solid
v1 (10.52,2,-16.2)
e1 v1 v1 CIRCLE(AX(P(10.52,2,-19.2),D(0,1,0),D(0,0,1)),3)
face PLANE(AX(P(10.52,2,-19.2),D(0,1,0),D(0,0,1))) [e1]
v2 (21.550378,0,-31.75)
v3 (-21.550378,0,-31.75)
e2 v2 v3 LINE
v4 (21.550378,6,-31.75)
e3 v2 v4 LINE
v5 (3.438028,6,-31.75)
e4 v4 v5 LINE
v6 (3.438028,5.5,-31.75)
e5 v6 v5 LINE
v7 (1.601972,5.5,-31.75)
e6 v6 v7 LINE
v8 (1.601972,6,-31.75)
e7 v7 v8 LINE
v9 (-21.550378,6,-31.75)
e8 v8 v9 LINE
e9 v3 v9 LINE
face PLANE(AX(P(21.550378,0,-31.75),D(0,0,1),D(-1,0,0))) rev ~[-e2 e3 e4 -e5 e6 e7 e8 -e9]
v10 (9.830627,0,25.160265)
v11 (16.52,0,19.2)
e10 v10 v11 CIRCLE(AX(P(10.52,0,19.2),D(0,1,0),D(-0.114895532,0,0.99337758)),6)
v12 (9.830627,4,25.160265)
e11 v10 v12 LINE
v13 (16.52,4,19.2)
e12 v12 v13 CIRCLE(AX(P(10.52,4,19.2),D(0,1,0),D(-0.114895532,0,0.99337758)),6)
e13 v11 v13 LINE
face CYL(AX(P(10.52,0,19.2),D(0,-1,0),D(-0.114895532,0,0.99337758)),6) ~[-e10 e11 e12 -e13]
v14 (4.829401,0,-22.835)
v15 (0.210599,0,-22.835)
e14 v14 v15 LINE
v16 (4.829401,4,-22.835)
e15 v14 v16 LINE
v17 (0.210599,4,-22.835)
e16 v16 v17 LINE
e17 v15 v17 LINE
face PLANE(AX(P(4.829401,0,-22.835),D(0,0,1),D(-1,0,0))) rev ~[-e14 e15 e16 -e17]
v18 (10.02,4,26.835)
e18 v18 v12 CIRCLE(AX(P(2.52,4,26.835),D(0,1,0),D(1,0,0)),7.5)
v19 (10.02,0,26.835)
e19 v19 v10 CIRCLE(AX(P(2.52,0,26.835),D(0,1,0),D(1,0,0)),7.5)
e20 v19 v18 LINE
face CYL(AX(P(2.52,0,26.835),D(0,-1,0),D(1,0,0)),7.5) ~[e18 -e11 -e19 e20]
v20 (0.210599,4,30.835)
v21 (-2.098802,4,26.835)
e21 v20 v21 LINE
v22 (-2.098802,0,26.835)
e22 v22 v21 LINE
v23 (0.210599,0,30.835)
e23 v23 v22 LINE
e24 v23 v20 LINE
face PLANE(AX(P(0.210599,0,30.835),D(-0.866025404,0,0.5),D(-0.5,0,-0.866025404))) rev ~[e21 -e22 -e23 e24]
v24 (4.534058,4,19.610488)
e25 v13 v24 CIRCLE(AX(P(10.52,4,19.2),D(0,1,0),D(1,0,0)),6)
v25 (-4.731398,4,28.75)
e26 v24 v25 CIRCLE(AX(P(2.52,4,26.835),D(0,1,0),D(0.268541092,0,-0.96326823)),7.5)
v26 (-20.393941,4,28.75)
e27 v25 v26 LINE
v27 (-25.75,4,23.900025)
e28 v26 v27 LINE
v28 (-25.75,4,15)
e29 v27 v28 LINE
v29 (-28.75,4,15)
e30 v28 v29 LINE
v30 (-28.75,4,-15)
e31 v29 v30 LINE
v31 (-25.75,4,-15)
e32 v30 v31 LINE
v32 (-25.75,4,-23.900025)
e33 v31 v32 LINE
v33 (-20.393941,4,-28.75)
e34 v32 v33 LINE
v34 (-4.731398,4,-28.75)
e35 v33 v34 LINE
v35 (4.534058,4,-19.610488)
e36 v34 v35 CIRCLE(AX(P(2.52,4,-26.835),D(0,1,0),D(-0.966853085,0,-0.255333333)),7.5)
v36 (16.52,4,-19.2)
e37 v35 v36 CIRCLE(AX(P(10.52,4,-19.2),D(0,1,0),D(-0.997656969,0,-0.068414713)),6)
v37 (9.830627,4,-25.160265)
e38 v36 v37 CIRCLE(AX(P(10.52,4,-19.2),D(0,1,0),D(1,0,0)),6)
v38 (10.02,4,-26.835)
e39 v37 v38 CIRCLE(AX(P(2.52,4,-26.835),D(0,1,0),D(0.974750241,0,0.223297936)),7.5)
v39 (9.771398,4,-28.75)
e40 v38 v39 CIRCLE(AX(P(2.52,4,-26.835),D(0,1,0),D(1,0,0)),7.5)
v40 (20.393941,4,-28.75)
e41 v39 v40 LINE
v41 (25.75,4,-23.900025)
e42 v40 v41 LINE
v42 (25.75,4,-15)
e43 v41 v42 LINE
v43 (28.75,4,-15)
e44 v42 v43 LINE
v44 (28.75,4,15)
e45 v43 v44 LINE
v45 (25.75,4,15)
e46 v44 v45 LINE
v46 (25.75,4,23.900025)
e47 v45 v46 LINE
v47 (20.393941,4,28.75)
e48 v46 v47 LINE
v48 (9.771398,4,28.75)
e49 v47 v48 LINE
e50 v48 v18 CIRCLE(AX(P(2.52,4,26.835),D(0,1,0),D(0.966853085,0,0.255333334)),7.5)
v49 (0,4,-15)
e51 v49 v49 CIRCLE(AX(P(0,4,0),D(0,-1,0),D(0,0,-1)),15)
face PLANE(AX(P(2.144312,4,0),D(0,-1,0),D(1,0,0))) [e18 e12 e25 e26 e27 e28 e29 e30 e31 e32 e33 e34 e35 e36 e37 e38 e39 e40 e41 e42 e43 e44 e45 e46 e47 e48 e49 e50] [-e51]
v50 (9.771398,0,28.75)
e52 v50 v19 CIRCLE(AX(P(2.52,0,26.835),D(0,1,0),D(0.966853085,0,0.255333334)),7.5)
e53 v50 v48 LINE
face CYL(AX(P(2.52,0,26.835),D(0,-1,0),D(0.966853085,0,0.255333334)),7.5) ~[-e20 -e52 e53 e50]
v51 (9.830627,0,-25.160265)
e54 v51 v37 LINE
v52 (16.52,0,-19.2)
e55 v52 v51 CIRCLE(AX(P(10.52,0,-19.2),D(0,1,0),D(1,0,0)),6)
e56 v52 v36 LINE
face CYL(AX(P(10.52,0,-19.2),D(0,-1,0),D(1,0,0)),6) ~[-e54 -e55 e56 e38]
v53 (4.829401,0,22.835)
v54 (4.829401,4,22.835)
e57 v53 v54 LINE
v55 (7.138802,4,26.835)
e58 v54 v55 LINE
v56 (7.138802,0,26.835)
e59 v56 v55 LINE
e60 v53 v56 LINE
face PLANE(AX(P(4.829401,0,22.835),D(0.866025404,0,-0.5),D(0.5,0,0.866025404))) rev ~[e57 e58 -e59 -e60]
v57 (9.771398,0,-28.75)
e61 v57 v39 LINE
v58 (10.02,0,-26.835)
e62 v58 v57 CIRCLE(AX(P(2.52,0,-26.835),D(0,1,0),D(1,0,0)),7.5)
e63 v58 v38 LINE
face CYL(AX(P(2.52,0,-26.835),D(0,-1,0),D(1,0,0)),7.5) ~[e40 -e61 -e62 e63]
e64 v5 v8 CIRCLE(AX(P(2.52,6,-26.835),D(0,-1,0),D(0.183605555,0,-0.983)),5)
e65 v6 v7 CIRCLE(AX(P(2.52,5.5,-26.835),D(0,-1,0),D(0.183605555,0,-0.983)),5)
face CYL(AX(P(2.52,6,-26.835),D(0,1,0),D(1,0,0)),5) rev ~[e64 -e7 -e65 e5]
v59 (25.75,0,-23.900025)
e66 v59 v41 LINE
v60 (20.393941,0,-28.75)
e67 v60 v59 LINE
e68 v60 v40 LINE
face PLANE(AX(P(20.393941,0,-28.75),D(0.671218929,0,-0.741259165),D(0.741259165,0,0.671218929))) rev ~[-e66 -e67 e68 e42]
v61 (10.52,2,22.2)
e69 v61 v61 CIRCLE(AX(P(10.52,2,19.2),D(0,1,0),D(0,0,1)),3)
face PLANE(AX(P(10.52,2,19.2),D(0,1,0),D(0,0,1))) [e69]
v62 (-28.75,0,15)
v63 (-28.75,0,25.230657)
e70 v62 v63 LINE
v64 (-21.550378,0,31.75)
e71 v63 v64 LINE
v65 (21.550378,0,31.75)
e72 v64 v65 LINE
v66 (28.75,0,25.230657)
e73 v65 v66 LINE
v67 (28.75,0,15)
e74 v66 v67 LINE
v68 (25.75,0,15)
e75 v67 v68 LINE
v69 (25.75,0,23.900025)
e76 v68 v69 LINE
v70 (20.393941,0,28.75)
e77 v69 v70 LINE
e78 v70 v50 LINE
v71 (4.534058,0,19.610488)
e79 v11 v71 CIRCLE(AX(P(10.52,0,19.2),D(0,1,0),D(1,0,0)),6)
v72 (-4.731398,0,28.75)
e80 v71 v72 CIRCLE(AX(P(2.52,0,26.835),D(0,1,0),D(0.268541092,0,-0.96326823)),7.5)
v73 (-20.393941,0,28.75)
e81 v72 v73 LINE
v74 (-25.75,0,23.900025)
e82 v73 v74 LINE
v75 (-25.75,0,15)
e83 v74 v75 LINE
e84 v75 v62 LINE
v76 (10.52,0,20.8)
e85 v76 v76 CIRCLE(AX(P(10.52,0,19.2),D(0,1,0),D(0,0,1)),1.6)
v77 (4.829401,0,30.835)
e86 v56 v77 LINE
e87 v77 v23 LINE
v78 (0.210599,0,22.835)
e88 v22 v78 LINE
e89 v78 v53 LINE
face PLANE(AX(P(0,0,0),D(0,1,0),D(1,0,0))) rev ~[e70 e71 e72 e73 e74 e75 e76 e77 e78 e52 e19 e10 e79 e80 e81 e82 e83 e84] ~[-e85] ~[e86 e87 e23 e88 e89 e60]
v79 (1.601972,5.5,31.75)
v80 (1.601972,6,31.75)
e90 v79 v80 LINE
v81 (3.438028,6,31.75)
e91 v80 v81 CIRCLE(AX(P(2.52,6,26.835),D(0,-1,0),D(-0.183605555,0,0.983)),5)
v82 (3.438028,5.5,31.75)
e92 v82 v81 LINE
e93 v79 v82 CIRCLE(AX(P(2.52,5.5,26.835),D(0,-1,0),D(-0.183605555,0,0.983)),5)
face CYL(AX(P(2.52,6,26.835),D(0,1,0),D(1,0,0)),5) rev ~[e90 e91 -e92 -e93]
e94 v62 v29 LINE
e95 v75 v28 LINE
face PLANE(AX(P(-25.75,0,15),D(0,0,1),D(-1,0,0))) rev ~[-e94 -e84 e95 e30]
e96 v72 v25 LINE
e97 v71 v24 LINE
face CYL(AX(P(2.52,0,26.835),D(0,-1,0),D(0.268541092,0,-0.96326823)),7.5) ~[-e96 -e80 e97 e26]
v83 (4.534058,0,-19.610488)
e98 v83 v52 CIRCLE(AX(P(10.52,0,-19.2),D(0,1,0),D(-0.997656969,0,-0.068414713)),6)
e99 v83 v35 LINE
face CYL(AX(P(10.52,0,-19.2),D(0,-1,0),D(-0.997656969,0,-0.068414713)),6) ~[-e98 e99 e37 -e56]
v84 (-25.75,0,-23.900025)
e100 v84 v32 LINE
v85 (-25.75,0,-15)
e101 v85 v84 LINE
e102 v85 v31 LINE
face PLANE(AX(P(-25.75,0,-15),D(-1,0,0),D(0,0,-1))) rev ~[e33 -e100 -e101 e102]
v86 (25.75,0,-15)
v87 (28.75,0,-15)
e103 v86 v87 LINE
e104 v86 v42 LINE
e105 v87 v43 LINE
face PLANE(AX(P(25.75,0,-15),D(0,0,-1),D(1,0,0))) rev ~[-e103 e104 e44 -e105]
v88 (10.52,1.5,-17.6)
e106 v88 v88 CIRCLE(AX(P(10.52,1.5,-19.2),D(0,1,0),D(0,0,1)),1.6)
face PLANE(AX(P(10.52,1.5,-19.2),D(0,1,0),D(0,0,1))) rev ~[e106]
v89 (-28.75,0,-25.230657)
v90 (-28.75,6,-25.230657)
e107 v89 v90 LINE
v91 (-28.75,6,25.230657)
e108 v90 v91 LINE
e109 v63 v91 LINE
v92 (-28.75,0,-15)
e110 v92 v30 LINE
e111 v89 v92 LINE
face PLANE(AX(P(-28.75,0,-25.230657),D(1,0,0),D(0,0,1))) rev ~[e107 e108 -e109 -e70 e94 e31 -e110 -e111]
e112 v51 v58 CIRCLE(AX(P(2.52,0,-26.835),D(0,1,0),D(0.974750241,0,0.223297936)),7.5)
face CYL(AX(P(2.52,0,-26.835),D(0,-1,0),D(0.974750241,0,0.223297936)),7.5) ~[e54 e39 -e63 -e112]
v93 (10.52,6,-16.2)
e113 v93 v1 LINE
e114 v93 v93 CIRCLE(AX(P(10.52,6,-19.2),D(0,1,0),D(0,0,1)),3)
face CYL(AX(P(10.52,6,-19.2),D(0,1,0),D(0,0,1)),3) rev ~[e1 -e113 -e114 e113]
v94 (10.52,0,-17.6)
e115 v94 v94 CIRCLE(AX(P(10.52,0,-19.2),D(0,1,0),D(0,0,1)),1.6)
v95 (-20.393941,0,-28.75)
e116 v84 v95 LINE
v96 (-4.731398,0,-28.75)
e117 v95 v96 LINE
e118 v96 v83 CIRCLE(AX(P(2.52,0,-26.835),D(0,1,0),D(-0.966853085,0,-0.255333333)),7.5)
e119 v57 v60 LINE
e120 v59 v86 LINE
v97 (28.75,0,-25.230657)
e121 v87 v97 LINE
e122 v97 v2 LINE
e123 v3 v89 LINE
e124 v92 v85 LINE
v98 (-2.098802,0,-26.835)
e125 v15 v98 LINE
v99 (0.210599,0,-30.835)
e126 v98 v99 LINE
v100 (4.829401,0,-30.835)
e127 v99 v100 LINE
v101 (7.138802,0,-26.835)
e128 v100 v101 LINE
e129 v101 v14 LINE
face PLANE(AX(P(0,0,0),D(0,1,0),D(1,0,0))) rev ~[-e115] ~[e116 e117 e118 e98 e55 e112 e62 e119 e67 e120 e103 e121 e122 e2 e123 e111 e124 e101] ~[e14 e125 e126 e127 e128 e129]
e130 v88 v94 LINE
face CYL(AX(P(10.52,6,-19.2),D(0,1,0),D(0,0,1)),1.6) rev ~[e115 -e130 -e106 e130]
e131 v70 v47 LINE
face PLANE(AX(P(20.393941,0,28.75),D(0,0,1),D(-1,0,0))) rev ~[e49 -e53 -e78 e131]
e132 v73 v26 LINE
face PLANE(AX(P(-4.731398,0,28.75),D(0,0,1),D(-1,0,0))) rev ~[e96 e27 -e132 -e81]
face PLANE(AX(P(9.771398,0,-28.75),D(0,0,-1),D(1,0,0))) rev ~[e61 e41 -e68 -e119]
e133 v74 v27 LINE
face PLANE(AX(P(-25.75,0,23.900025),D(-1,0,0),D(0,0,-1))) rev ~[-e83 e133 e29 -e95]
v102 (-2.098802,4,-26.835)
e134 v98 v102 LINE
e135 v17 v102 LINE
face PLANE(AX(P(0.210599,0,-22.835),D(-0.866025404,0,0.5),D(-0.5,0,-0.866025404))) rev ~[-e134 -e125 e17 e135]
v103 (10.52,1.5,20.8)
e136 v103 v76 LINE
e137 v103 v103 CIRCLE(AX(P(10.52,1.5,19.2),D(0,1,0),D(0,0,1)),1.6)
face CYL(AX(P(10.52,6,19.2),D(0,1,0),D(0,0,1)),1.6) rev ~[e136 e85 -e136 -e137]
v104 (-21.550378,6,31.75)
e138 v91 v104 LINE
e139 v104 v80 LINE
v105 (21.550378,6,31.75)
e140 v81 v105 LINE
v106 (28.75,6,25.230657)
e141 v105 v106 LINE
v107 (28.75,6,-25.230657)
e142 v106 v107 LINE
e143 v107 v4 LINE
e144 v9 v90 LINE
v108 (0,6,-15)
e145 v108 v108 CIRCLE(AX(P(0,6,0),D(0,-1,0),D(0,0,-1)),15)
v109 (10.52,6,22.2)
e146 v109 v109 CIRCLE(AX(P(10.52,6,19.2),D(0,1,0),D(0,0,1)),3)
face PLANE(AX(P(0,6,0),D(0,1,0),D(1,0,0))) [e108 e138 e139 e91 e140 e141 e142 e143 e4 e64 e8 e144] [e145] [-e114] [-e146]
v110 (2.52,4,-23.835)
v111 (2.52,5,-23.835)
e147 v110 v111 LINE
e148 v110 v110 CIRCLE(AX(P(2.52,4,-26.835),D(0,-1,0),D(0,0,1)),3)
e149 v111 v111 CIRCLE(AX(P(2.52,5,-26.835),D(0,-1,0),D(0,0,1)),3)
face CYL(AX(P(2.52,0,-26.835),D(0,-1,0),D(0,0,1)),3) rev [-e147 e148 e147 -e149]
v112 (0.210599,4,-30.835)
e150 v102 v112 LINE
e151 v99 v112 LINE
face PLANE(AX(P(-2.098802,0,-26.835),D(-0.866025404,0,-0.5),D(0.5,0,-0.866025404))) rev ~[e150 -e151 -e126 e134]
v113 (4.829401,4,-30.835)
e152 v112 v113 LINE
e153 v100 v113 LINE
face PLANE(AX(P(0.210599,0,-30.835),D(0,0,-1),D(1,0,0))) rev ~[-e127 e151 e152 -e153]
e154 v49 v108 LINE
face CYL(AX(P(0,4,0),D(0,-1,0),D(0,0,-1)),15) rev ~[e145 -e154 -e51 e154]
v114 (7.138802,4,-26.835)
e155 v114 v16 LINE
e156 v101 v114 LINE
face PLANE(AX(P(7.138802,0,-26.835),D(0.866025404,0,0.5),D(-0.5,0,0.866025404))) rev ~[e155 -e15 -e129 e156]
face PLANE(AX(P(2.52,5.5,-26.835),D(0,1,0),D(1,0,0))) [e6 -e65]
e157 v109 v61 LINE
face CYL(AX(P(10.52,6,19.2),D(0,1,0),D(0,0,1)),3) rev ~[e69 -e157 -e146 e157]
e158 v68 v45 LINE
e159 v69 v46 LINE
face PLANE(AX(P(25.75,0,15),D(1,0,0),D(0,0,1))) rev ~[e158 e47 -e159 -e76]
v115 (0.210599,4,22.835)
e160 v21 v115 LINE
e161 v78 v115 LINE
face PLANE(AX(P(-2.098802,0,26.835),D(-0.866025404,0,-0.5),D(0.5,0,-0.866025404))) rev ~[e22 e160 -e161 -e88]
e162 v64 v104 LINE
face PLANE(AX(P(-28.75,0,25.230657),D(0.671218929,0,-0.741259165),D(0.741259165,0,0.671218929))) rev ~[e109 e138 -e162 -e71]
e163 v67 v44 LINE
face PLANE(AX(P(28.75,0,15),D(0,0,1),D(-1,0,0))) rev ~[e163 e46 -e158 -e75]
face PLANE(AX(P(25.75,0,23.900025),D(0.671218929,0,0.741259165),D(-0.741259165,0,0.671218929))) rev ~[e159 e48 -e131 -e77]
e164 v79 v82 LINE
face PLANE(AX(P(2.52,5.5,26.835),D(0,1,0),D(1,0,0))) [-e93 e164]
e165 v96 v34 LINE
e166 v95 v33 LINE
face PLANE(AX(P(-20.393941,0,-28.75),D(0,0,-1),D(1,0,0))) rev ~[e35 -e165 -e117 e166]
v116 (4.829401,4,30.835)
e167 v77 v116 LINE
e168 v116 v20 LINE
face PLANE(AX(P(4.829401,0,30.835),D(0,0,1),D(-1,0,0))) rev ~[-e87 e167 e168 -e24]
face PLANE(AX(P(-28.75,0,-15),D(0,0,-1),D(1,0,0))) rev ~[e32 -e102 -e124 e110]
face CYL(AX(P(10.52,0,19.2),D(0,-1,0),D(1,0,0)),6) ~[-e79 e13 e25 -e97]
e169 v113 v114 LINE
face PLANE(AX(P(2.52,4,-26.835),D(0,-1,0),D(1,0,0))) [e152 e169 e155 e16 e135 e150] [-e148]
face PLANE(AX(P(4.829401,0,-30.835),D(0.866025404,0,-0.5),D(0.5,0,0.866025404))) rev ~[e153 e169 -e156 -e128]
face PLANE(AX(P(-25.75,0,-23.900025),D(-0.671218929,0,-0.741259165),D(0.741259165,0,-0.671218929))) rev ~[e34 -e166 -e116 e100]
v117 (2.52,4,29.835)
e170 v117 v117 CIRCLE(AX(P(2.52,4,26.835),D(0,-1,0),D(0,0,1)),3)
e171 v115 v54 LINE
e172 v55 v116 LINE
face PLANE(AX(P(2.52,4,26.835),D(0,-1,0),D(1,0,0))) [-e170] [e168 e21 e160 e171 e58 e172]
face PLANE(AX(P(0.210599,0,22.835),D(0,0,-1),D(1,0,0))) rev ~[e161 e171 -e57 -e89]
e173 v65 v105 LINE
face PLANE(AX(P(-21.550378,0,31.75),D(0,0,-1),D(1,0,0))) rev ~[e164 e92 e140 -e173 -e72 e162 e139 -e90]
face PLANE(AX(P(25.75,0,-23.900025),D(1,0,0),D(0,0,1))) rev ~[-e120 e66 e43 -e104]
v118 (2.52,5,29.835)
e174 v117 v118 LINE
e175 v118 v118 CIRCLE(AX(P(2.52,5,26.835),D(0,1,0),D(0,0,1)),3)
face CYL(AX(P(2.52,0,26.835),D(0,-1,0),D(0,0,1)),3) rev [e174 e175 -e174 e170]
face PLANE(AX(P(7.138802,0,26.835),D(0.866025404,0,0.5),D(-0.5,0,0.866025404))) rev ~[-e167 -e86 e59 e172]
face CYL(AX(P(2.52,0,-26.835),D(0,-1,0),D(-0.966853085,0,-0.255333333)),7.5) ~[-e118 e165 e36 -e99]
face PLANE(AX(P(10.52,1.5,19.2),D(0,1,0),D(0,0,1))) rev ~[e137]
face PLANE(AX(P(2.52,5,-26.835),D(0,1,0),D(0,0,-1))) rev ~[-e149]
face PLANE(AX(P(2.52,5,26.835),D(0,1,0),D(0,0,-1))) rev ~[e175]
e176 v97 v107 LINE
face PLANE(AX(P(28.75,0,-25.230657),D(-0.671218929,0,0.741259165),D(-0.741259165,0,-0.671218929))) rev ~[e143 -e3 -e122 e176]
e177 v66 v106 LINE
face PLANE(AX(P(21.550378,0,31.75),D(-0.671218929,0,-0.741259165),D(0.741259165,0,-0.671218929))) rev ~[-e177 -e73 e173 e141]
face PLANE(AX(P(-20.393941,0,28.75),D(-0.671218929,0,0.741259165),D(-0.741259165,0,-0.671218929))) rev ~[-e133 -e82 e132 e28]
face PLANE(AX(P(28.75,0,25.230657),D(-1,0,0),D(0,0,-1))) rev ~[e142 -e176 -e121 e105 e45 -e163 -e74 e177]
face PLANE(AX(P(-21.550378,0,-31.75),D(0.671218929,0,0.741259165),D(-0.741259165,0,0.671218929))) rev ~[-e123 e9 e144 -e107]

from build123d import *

# Parameters (mm, degrees)
SKETCH_1_R          = 3
EXTRUDE_1_DEPTH     = 6
SKETCH_2_R          = 1.6
CUT_EXTRUDE_1_DEPTH = 7
SKETCH_3_R          = 3
SKETCH_3_R_2        = 1.6
CUT_EXTRUDE_2_DEPTH = 4
CUT_EXTRUDE_3_DEPTH = 4
SKETCH_6_R          = 5
CUT_EXTRUDE_4_DEPTH = 0.5
CUT_EXTRUDE_6_DEPTH = 4
EXTRUDE_START       = -0.5
SKETCH_8_R          = 3
EXTRUDE_2_DEPTH     = 0.5
SKETCH_9_R          = 1.6
EXTRUDE_3_DEPTH     = 0.5
SKETCH_10_R         = 15
CUT_EXTRUDE_7_DEPTH = 44.018891199


with BuildPart() as part:
    # 草图1 → 凸台-拉伸1 (new body)
    with BuildSketch(Plane(origin=(0, 0, 0), x_dir=(1, 0, 0), z_dir=(0, 1, 0))):
        Polygon((21.550377817, 31.75), (-21.550377817, 31.75), (-28.75, 25.230657078), (-28.75, -25.230657078), (-21.550377817, -31.75), (21.550377817, -31.75), (28.75, -25.230657078), (28.75, 25.230657078), align=None)
        with Locations(Location((2.52, -26.835, 0), (0, 0, 270))):
            Circle(SKETCH_1_R, mode=Mode.SUBTRACT)
        with Locations(Location((2.52, 26.835, 0), (0, 0, 270))):
            Circle(SKETCH_1_R, mode=Mode.SUBTRACT)
    extrude(amount=EXTRUDE_1_DEPTH)

    # 草图2 → 切除-拉伸1 (cut)
    with BuildSketch(Plane(origin=(0, 6, 0), x_dir=(1, 0, 0), z_dir=(0, 1, 0))):
        with Locations(Location((10.52, 19.2, 0), (0, 0, 270))):
            Circle(SKETCH_2_R)
        with Locations(Location((10.52, -19.2, 0), (0, 0, 270))):
            Circle(SKETCH_2_R)
    extrude(amount=-CUT_EXTRUDE_1_DEPTH, mode=Mode.SUBTRACT)

    # 草图3 → 切除-拉伸2 (cut)
    # profile 1 of 2: a face of its own
    with BuildSketch(Plane(origin=(0, 6, 0), x_dir=(1, 0, 0), z_dir=(0, 1, 0))):
        with Locations(Location((10.52, 19.2, 0), (0, 0, 270))):
            Circle(SKETCH_3_R)
        with Locations(Location((10.52, 19.2, 0), (0, 0, 270))):
            Circle(SKETCH_3_R_2, mode=Mode.SUBTRACT)
    # profile 2 of 2: a face of its own
    with BuildSketch(Plane(origin=(0, 6, 0), x_dir=(1, 0, 0), z_dir=(0, 1, 0))):
        with Locations(Location((10.52, -19.2, 0), (0, 0, 270))):
            Circle(SKETCH_3_R)
        with Locations(Location((10.52, -19.2, 0), (0, 0, 270))):
            Circle(SKETCH_3_R_2, mode=Mode.SUBTRACT)
    extrude(amount=-CUT_EXTRUDE_2_DEPTH, mode=Mode.SUBTRACT)

    # 草图5 → 切除-拉伸3 (cut)
    with BuildSketch(Plane.XZ):
        Polygon((7.138802154, 26.835), (4.829401077, 30.835), (0.210598923, 30.835), (-2.098802154, 26.835), (0.210598923, 22.835), (4.829401077, 22.835), align=None)
        Polygon((7.138802154, -26.835), (4.829401077, -22.835), (0.210598923, -22.835), (-2.098802154, -26.835), (0.210598923, -30.835), (4.829401077, -30.835), align=None)
    extrude(amount=-CUT_EXTRUDE_3_DEPTH, mode=Mode.SUBTRACT)

    # 草图6 → 切除-拉伸4 (cut)
    with BuildSketch(Plane(origin=(0, 6, 0), x_dir=(1, 0, 0), z_dir=(0, 1, 0))):
        with Locations((2.52, 26.835)):
            Circle(SKETCH_6_R)
        with Locations((2.52, -26.835)):
            Circle(SKETCH_6_R)
    extrude(amount=-CUT_EXTRUDE_4_DEPTH, mode=Mode.SUBTRACT)

    # 草图7 → 切除-拉伸6 (cut)
    with BuildSketch(Plane.XZ):
        with BuildLine():
            Line((9.771398141, -28.75), (20.393940666, -28.75))
            Line((20.393940666, -28.75), (25.75, -23.900025013))
            Line((25.75, -23.900025013), (25.75, -15))
            Line((25.75, -15), (28.75, -15))
            Line((28.75, -15), (28.75, 15))
            Line((28.75, 15), (25.75, 15))
            Line((25.75, 15), (25.75, 23.900025013))
            Line((25.75, 23.900025013), (20.393940666, 28.75))
            Line((20.393940666, 28.75), (9.771398141, 28.75))
            ThreePointArc((9.771398141, 28.75), (9.957589867, 27.800534552), (10.02, 26.835))
            ThreePointArc((10.02, 26.835), (9.972506325, 25.992296328), (9.830626806, 25.160265481))
            ThreePointArc((9.830626806, 25.160265481), (14.51147597, 23.679745482), (16.52, 19.2))
            ThreePointArc((16.52, 19.2), (10.314635532, 13.203515577), (4.534058188, 19.610488278))
            ThreePointArc((4.534058188, 19.610488278), (-2.746887228, 21.495533835), (-4.731398141, 28.75))
            Line((-4.731398141, 28.75), (-20.393940666, 28.75))
            Line((-20.393940666, 28.75), (-25.75, 23.900025013))
            Line((-25.75, 23.900025013), (-25.75, 15))
            Line((-25.75, 15), (-28.75, 15))
            Line((-28.75, 15), (-28.75, -15))
            Line((-28.75, -15), (-25.75, -15))
            Line((-25.75, -15), (-25.75, -23.900025013))
            Line((-25.75, -23.900025013), (-20.393940666, -28.75))
            Line((-20.393940666, -28.75), (-4.731398141, -28.75))
            ThreePointArc((-4.731398141, -28.75), (-2.746887228, -21.495533835), (4.534058188, -19.610488278))
            ThreePointArc((4.534058188, -19.610488278), (10.314635532, -13.203515577), (16.52, -19.2))
            ThreePointArc((16.52, -19.2), (14.51147597, -23.679745482), (9.830626806, -25.160265481))
            ThreePointArc((9.830626806, -25.160265481), (9.972506325, -25.992296328), (10.02, -26.835))
            ThreePointArc((10.02, -26.835), (9.957589867, -27.800534552), (9.771398141, -28.75))
        make_face()
    extrude(amount=-CUT_EXTRUDE_6_DEPTH, mode=Mode.SUBTRACT)

    # 草图8 → 凸台-拉伸2 (add)
    with BuildSketch(Plane(origin=(0, 5.5, 0), x_dir=(1, 0, 0), z_dir=(0, 1, 0)).offset(EXTRUDE_START)):
        with Locations(Location((2.52, 26.835, 0), (0, 0, 90))):
            Circle(SKETCH_8_R)
        with Locations(Location((2.52, -26.835, 0), (0, 0, 90))):
            Circle(SKETCH_8_R)
    extrude(amount=EXTRUDE_2_DEPTH)

    # 草图9 → 凸台-拉伸3 (add)
    with BuildSketch(Plane(origin=(0, 2, 0), x_dir=(1, 0, 0), z_dir=(0, 1, 0))):
        with Locations(Location((10.52, -19.2, 0), (0, 0, 270))):
            Circle(SKETCH_9_R)
        with Locations(Location((10.52, 19.2, 0), (0, 0, 270))):
            Circle(SKETCH_9_R)
    extrude(amount=-EXTRUDE_3_DEPTH)

    # 草图10 → 切除-拉伸7 (cut, through all)
    with BuildSketch(Plane.XZ.offset(-4)):
        with Locations(Location((0, 0, 0), (0, 0, 270))):
            Circle(SKETCH_10_R)
    extrude(amount=-CUT_EXTRUDE_7_DEPTH, mode=Mode.SUBTRACT)


solid = part.part
